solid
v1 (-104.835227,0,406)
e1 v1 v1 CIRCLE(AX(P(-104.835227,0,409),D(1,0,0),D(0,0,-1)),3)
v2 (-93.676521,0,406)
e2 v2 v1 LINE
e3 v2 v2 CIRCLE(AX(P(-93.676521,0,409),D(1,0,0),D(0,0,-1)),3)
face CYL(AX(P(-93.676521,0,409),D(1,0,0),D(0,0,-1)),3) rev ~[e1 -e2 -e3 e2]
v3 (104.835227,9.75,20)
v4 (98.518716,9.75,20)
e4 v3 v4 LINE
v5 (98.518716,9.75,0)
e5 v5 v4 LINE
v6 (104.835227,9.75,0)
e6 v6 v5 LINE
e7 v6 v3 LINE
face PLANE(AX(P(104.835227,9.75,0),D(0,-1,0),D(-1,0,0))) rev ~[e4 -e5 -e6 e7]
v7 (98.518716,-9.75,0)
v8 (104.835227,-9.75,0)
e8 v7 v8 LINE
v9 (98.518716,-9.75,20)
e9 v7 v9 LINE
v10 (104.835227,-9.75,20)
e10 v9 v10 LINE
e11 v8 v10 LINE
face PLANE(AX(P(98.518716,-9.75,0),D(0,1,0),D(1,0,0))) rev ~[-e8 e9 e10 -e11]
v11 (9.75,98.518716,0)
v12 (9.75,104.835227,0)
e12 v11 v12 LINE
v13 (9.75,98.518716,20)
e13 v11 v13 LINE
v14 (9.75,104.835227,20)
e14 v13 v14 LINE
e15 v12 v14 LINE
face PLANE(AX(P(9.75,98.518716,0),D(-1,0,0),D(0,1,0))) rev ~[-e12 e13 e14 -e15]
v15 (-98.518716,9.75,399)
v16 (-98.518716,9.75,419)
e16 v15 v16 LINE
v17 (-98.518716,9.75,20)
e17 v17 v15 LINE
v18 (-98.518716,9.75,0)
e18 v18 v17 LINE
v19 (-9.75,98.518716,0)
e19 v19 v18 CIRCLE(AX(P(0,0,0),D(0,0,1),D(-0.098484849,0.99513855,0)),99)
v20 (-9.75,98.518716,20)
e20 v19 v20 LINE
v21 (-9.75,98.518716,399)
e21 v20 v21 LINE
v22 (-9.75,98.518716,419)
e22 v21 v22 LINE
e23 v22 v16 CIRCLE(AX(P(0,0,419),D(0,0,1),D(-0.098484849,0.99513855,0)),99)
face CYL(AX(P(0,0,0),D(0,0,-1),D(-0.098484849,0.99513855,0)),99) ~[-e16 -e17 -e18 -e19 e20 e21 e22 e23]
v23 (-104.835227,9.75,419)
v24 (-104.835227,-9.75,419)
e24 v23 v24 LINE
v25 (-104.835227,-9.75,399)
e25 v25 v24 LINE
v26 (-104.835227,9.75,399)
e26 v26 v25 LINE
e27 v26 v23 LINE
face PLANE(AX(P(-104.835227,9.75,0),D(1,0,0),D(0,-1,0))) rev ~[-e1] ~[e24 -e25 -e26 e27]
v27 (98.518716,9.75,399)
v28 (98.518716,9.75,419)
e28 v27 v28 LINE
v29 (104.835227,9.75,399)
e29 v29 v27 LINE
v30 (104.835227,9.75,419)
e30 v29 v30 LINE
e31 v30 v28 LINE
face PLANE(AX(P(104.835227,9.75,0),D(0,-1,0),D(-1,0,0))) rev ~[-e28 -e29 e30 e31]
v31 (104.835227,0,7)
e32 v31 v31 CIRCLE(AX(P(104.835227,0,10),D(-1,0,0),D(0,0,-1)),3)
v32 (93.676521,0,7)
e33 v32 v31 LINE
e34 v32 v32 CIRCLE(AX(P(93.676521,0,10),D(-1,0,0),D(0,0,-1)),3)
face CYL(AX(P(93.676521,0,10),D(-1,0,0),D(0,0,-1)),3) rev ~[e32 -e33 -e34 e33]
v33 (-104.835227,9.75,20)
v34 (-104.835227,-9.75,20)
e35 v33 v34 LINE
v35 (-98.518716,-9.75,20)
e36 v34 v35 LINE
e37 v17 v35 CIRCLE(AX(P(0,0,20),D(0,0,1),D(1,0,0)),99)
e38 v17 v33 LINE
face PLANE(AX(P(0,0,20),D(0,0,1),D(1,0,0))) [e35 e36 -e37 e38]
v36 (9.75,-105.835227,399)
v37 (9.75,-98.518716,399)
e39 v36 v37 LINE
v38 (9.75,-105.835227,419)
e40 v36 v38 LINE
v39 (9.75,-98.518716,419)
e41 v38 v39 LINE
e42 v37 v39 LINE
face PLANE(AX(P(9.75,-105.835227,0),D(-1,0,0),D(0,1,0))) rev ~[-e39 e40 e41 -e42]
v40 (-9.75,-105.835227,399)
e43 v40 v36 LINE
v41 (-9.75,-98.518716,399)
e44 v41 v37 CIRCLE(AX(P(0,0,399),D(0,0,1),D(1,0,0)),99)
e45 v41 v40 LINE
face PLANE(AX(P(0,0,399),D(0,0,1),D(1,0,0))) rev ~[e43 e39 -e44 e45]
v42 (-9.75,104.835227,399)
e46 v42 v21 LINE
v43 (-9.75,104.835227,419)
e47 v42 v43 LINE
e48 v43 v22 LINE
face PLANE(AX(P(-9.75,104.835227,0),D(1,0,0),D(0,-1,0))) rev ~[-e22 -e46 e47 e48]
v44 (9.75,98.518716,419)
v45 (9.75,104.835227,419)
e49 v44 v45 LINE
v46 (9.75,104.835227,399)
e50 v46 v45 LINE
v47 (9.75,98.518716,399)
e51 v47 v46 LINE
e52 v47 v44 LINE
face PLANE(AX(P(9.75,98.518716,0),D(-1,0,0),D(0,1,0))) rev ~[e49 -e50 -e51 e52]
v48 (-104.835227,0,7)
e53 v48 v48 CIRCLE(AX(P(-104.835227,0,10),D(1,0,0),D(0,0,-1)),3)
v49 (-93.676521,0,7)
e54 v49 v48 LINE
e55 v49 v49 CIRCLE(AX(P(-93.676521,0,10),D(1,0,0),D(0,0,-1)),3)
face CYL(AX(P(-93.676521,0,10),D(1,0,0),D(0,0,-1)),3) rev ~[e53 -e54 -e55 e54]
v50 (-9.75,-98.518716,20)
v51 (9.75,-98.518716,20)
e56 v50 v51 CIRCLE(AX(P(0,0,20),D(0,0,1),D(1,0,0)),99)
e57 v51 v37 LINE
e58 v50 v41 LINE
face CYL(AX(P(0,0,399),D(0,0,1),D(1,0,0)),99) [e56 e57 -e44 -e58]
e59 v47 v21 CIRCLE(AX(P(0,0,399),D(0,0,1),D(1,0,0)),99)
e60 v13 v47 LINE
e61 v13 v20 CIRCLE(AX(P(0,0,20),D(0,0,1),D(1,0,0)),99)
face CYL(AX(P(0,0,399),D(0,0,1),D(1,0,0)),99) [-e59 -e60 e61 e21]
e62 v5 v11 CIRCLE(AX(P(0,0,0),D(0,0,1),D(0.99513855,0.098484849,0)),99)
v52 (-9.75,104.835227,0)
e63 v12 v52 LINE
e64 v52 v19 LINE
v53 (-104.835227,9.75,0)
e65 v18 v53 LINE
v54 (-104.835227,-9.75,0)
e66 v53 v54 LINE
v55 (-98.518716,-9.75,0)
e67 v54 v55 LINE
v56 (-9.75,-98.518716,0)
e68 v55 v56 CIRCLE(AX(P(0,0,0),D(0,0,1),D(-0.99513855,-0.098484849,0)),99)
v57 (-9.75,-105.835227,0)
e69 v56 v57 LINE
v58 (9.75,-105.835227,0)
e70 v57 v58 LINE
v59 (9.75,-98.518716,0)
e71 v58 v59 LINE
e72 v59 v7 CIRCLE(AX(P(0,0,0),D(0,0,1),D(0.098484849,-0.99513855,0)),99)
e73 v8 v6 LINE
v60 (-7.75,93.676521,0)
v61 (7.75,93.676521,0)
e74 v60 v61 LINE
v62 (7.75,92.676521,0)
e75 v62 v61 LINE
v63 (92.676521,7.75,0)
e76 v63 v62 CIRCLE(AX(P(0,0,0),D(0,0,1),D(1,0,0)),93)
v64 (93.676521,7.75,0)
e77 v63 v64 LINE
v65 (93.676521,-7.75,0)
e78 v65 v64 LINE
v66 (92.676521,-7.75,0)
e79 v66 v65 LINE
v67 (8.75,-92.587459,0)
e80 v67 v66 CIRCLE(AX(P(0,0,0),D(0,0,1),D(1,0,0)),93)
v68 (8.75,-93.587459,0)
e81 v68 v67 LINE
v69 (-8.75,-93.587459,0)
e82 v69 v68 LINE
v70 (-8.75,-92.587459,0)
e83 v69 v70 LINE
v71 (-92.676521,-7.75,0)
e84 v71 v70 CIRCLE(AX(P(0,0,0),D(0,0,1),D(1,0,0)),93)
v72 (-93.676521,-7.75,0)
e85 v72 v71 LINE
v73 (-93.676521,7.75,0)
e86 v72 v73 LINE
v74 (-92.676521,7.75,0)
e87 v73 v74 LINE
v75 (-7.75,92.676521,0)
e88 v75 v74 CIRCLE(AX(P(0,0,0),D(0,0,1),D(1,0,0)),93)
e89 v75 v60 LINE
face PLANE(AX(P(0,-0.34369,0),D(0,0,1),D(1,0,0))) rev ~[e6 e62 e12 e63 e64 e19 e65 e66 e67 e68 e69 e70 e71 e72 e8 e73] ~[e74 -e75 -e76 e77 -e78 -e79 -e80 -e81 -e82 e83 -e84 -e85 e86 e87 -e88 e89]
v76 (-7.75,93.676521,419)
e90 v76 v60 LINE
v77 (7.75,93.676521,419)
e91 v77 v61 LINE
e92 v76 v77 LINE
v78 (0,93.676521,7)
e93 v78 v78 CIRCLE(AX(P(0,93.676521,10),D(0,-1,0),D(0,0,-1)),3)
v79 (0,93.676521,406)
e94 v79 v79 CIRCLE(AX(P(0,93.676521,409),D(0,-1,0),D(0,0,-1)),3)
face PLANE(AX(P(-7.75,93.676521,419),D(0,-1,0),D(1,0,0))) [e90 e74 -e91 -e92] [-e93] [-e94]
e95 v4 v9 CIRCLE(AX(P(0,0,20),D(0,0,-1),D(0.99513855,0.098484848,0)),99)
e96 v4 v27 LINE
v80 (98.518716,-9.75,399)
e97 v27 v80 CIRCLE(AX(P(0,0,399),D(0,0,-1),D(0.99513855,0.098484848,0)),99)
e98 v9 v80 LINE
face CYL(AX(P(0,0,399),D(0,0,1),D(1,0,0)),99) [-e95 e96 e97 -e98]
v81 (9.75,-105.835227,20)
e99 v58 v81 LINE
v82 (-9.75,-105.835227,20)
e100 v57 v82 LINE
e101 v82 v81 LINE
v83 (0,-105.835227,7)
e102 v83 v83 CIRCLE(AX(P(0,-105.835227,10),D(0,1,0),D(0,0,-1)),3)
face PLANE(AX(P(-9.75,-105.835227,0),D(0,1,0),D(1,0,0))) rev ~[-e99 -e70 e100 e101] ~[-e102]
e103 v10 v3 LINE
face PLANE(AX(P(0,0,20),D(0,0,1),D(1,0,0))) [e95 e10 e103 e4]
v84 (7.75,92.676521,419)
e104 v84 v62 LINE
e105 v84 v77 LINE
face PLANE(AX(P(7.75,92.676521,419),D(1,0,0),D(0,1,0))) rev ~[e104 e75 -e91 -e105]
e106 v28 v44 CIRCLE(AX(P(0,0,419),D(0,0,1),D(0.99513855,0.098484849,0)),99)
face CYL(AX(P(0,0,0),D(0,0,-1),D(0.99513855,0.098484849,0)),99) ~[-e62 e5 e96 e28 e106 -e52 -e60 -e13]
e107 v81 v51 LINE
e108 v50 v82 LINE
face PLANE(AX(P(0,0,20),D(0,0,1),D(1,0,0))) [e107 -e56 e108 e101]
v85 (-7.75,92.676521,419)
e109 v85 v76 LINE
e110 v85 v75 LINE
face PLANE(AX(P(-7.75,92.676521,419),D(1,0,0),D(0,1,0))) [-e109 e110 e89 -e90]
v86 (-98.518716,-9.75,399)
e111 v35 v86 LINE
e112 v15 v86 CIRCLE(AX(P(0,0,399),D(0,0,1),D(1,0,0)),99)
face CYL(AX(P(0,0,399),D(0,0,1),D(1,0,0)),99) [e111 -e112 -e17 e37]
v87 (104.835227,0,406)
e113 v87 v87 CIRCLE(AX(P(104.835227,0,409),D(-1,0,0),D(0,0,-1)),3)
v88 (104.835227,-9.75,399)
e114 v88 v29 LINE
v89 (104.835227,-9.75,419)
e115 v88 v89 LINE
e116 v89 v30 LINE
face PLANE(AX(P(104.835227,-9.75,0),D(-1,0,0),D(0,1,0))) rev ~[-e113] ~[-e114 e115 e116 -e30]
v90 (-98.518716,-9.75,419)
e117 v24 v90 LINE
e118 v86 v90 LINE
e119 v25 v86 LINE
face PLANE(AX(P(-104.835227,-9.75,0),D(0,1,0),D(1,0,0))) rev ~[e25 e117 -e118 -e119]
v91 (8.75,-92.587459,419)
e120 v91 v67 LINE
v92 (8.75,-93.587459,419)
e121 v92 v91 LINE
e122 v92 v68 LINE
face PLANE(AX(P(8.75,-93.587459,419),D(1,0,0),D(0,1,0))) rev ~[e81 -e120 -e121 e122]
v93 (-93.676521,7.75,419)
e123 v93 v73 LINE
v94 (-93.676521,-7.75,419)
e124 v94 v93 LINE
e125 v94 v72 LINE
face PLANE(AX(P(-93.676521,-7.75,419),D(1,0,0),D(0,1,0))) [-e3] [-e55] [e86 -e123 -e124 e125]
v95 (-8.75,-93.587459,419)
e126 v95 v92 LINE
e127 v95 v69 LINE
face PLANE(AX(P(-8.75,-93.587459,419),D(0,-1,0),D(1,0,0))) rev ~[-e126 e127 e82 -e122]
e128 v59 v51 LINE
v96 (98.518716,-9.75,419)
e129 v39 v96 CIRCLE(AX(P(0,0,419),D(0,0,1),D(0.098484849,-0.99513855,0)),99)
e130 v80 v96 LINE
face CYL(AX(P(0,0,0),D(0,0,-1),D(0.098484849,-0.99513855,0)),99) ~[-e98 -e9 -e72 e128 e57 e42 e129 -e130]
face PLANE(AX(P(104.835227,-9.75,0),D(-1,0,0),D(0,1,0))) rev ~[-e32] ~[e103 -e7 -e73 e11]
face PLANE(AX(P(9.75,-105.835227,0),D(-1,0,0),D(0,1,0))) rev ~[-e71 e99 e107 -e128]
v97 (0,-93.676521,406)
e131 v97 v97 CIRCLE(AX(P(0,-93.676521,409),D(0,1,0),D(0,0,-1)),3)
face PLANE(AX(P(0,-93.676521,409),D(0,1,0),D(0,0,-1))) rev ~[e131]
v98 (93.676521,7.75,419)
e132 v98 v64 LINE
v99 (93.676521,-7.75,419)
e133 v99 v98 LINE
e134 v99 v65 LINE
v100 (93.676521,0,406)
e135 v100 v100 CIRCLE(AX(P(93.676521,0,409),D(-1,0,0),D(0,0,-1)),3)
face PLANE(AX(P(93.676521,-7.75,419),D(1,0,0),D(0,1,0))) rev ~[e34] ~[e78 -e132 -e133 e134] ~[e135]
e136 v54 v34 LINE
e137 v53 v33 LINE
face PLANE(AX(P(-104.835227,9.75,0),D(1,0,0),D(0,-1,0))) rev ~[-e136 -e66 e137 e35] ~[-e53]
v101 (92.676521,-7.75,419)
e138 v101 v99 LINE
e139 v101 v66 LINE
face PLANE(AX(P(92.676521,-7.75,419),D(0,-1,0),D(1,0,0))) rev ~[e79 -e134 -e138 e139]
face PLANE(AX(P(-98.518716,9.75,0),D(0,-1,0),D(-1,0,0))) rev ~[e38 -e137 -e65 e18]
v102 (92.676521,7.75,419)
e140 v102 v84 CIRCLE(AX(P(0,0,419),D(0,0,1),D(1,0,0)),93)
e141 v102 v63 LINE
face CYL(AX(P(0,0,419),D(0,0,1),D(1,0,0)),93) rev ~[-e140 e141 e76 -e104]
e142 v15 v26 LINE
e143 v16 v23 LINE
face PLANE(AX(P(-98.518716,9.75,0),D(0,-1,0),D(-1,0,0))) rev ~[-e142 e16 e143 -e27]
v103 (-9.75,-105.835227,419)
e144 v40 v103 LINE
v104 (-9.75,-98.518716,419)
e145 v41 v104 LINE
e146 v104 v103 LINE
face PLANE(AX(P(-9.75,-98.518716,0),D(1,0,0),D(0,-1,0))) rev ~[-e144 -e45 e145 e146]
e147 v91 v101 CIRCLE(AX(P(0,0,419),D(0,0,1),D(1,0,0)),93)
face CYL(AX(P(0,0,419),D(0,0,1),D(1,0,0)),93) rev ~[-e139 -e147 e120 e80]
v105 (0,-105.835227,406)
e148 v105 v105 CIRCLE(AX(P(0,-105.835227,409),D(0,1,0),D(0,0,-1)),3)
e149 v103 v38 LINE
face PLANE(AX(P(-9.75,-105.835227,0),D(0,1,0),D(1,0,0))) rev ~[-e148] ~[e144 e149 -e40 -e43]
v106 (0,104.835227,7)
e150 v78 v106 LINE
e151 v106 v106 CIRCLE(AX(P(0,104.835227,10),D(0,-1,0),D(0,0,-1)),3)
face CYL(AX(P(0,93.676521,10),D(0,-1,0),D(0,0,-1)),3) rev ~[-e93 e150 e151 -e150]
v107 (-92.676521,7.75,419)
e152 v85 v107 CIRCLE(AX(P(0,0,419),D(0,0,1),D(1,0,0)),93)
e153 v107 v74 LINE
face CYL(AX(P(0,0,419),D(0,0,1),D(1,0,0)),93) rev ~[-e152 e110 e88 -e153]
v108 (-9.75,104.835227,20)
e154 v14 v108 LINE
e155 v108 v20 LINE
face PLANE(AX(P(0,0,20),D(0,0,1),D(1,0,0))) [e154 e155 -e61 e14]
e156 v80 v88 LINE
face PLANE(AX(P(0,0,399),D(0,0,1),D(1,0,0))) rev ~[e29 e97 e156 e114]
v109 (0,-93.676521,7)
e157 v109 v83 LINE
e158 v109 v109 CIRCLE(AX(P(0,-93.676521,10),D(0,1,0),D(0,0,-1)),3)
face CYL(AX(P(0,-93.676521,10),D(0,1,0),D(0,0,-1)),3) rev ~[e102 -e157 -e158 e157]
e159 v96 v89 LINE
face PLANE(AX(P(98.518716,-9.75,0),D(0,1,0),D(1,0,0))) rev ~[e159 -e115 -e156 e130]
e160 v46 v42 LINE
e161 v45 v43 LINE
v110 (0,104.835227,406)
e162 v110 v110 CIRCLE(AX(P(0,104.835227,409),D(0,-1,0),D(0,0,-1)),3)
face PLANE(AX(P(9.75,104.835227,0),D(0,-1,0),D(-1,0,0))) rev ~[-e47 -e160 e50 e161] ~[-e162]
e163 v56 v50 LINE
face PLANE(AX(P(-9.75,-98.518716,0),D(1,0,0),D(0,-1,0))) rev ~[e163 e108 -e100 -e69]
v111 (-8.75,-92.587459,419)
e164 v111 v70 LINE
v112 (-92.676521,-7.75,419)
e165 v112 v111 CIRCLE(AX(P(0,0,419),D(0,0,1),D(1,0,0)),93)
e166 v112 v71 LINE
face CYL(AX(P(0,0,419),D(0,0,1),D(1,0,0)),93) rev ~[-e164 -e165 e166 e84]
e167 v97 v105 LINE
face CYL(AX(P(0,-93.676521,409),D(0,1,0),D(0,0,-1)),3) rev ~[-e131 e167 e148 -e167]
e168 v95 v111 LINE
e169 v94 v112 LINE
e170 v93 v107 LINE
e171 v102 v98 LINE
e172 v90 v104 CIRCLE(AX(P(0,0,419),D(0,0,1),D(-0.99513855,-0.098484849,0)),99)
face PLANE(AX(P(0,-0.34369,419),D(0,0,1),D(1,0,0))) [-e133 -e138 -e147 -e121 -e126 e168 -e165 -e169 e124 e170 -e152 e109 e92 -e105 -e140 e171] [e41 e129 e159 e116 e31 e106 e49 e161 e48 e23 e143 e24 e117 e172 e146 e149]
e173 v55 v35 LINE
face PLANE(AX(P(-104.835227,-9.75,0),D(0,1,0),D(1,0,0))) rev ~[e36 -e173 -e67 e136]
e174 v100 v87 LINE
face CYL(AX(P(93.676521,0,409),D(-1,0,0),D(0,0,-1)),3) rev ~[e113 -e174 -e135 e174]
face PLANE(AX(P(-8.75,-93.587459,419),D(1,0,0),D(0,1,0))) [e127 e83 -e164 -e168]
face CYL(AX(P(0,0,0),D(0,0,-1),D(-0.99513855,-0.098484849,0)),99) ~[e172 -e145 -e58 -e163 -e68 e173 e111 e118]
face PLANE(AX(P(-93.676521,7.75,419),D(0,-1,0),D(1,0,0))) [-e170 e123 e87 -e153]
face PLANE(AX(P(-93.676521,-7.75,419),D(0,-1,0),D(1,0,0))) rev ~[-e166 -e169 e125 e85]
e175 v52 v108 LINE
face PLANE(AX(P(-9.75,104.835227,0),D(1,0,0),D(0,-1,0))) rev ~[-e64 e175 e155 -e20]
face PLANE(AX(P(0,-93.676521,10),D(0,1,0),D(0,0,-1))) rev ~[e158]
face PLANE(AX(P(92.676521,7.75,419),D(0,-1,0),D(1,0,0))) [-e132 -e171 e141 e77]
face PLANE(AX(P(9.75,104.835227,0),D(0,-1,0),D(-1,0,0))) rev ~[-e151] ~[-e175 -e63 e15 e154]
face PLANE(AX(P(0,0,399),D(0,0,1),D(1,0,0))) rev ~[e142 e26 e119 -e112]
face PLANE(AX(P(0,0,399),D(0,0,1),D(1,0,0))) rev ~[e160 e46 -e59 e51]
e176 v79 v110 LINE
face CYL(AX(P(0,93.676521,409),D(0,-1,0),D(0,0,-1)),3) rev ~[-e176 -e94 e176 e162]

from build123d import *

# Parameters (mm, degrees)
EXTRUDE_1_DEPTH          = 419
CUT_EXTRUDE_START        = -20
SKETCH_2_R               = 119
SKETCH_2_R_2             = 99
CUT_EXTRUDE_1_DEPTH      = 379
SKETCH_3_R               = 93
CUT_EXTRUDE_2_DEPTH      = 420
SKETCH_4_W               = 17.5
SKETCH_4_H               = 1
SKETCH_4_W_2             = 1
SKETCH_4_H_2             = 15.5
SKETCH_4_W_3             = 15.5
CUT_EXTRUDE_3_DEPTH      = 420
SKETCH_5_R               = 3
CUT_EXTRUDE_4_DEPTH      = 12.158706001
PATTERN_CIRCULAR_1_COUNT = 4


with BuildPart() as part:
    # 草图1 → 凸台-拉伸1 (new body)
    with BuildSketch(Plane.XY):
        with BuildLine():
            Line((-9.75, -98.518716496), (-9.75, -105.83522676))
            Line((-9.75, -105.83522676), (9.75, -105.83522676))
            Line((9.75, -105.83522676), (9.75, -98.518716496))
            ThreePointArc((9.75, -98.518716496), (70.003571337, -70.003571337), (98.518716496, -9.75))
            Line((98.518716496, -9.75), (104.83522676, -9.75))
            Line((104.83522676, -9.75), (104.83522676, 9.75))
            Line((104.83522676, 9.75), (98.518716496, 9.75))
            ThreePointArc((98.518716496, 9.75), (70.003571337, 70.003571337), (9.75, 98.518716496))
            Line((9.75, 98.518716496), (9.75, 104.83522676))
            Line((9.75, 104.83522676), (-9.75, 104.83522676))
            Line((-9.75, 104.83522676), (-9.75, 98.518716496))
            ThreePointArc((-9.75, 98.518716496), (-70.003571337, 70.003571337), (-98.518716496, 9.75))
            Line((-98.518716496, 9.75), (-104.83522676, 9.75))
            Line((-104.83522676, 9.75), (-104.83522676, -9.75))
            Line((-104.83522676, -9.75), (-98.518716496, -9.75))
            ThreePointArc((-98.518716496, -9.75), (-70.003571337, -70.003571337), (-9.75, -98.518716496))
        make_face()
    extrude(amount=EXTRUDE_1_DEPTH)

    # 草图2 → 切除-拉伸1 (cut)
    with BuildSketch(Plane.XY.offset(419).offset(CUT_EXTRUDE_START)):
        Circle(SKETCH_2_R)
        Circle(SKETCH_2_R_2, mode=Mode.SUBTRACT)
    extrude(amount=-CUT_EXTRUDE_1_DEPTH, mode=Mode.SUBTRACT)

    # 草图3 → 切除-拉伸2 (cut, through all)
    with BuildSketch(Plane.XY.offset(419)):
        Circle(SKETCH_3_R)
    extrude(amount=-CUT_EXTRUDE_2_DEPTH, mode=Mode.SUBTRACT)

    # 草图4 → 切除-拉伸3 (cut, through all)
    with BuildSketch(Plane.XY.offset(419)):
        with Locations((0, -93.087458654)):
            Rectangle(SKETCH_4_W, SKETCH_4_H)
        with Locations((-93.176520759, 0)):
            Rectangle(SKETCH_4_W_2, SKETCH_4_H_2)
        with Locations((0, 93.176520759)):
            Rectangle(SKETCH_4_W_3, SKETCH_4_H)
        with Locations((93.176520759, 0)):
            Rectangle(SKETCH_4_W_2, SKETCH_4_H_2)
    extrude(amount=-CUT_EXTRUDE_3_DEPTH, mode=Mode.SUBTRACT)

    # 草图5 → 切除-拉伸4 (cut, through all)
    with BuildSketch(Plane(origin=(-93.676520759, 0, 0), x_dir=(0, 0, -1), z_dir=(1, 0, 0))):
        with Locations((-409, 0)):
            Circle(SKETCH_5_R)
        with Locations((-10, 0)):
            Circle(SKETCH_5_R)
    cut_extrude_4 = extrude(amount=-CUT_EXTRUDE_4_DEPTH, mode=Mode.SUBTRACT)

    # 阵列(圆周)1: 切除-拉伸4 ×4 about axis
    pattern_circular_1_axis = Axis((0, 0, 1000), (0, 0, -1))
    for i in range(1, PATTERN_CIRCULAR_1_COUNT):
        add(cut_extrude_4.rotate(pattern_circular_1_axis, i * 360 / PATTERN_CIRCULAR_1_COUNT), mode=Mode.SUBTRACT)


solid = part.part
